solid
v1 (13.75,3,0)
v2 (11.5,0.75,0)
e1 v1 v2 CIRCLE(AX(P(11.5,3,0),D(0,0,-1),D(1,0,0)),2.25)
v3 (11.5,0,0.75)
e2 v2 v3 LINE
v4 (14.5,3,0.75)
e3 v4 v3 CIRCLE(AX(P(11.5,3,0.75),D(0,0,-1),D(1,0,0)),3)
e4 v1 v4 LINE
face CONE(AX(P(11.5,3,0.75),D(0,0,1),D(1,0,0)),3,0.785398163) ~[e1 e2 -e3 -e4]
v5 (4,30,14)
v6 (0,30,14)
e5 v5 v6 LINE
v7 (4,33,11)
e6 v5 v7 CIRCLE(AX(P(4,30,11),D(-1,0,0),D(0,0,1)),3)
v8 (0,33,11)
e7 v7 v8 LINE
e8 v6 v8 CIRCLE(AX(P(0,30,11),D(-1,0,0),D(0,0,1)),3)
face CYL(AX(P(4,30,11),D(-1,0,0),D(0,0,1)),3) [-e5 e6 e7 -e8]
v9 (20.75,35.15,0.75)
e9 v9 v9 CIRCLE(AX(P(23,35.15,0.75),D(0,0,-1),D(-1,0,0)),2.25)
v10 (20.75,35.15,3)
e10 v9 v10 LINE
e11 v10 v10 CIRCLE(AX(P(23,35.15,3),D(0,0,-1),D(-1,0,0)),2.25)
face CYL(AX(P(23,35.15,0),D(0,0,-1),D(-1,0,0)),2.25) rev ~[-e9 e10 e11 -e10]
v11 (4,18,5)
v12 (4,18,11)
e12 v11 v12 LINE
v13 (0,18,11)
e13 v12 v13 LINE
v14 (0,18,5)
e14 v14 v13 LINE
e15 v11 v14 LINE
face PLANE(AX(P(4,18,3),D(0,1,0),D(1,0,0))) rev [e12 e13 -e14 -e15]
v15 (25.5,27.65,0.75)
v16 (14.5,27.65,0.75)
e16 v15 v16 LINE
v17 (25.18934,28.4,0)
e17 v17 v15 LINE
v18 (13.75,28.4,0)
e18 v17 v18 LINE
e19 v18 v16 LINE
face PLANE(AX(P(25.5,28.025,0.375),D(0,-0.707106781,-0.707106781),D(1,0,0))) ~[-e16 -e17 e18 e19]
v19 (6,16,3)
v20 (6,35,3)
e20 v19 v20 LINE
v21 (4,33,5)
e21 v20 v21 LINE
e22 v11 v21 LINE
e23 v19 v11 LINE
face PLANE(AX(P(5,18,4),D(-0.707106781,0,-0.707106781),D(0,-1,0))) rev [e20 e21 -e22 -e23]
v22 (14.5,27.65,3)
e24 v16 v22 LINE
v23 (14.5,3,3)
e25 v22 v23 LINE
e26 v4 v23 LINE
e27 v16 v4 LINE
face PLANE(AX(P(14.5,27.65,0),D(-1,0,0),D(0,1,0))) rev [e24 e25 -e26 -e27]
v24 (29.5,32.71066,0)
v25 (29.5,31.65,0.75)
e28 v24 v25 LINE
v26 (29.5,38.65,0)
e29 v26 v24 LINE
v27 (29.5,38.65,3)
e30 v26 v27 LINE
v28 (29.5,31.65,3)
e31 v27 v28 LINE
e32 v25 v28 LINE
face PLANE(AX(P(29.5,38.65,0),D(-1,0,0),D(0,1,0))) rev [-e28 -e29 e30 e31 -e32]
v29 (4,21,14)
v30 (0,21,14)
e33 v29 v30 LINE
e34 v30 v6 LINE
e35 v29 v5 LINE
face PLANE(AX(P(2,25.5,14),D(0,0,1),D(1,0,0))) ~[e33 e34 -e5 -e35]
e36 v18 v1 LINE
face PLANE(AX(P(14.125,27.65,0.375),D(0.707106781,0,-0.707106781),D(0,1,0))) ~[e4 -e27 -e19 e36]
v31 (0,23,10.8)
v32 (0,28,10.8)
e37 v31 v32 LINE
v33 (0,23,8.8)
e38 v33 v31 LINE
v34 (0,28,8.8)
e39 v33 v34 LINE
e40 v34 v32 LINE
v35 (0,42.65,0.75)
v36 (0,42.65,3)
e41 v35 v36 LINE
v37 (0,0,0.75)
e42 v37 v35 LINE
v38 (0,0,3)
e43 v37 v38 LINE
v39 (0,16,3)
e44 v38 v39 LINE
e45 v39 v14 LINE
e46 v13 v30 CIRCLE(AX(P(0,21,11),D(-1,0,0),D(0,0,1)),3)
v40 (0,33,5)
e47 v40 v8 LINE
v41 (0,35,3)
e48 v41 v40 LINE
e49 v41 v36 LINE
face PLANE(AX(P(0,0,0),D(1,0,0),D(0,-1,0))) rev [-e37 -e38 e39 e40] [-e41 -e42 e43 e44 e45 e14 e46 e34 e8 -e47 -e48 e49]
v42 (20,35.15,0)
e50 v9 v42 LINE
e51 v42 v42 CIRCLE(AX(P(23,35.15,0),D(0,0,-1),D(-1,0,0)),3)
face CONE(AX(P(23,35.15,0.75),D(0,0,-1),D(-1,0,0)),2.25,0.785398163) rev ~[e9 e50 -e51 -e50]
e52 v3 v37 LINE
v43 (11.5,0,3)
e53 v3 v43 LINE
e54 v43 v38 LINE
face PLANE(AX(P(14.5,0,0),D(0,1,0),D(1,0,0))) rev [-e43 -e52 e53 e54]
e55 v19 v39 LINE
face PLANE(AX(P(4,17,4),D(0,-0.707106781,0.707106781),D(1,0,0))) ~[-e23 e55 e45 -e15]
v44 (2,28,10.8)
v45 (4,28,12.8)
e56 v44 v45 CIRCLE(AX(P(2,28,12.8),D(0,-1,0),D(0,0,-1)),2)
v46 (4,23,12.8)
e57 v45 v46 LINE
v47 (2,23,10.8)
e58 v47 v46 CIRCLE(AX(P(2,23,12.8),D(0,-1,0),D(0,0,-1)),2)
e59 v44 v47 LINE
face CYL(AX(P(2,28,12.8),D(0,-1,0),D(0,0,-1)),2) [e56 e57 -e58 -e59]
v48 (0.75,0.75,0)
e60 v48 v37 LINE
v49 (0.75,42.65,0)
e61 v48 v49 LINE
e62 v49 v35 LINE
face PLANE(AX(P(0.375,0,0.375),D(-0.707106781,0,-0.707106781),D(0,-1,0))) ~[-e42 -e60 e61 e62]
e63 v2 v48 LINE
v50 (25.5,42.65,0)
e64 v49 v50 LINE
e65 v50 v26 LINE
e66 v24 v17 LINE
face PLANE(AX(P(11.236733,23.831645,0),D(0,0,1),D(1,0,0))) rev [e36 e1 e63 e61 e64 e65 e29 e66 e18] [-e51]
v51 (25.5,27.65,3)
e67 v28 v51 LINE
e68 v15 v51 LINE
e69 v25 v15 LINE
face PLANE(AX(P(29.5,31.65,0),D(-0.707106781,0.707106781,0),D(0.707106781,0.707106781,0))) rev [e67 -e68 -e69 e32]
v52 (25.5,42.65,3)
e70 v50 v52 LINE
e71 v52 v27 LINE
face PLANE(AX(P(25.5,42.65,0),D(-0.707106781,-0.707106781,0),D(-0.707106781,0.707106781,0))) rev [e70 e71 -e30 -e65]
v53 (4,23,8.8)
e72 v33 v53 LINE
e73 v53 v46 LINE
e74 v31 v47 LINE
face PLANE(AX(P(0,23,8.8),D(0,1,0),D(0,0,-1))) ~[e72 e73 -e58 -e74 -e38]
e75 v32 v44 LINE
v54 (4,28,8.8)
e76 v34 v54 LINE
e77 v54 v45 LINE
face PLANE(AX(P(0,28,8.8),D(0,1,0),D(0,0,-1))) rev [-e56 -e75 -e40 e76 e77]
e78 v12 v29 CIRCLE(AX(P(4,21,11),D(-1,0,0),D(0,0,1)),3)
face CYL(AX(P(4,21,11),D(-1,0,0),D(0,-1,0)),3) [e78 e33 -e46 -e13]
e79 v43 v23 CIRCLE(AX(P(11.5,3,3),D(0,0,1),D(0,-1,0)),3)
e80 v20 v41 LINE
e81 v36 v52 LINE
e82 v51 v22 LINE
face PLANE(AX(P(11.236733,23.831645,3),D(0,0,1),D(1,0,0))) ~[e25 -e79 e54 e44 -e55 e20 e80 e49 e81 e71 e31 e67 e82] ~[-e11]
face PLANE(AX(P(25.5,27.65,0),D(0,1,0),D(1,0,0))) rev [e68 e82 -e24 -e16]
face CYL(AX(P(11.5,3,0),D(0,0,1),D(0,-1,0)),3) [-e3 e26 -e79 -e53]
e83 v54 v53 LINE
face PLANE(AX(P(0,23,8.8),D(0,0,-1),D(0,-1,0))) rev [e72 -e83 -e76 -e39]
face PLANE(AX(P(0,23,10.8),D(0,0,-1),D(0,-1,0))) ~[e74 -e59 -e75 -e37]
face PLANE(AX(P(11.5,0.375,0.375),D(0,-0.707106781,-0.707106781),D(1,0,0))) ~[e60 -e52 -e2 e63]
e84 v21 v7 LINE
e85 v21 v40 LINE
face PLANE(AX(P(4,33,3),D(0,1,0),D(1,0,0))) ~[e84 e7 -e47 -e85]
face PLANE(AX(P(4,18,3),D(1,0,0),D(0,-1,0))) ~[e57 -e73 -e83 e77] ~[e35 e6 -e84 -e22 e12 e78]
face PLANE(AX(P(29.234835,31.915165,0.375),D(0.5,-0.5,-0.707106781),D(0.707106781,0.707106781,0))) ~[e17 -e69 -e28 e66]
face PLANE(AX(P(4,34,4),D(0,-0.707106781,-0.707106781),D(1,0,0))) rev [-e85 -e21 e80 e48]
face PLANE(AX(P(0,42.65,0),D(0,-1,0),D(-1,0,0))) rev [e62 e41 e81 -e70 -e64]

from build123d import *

# Parameters (mm, degrees)
SKETCH_R        = 2.25
PAD_DEPTH       = 3
SKETCH001_W     = 4
SKETCH001_H     = 15
PAD001_DEPTH    = 11
SKETCH002_W     = 5
SKETCH002_H     = 2
POCKET_DEPTH    = 29.501
FILLET_R        = 3
FILLET001_R     = 2
CHAMFER_SIZE    = 0.75
CHAMFER001_SIZE = 2


with BuildPart() as chamfer001:
    # Sketch → Pad (new body)
    with BuildSketch(Plane.XY):
        Polygon((0, 42.65), (-25.5, 42.65), (-29.5, 38.65), (-29.5, 31.65), (-25.5, 27.65), (-14.5, 27.65), (-14.5, 0), (0, 0), align=None)
        with Locations((-23, 35.15)):
            Circle(SKETCH_R, mode=Mode.SUBTRACT)
    extrude(amount=PAD_DEPTH)

    # Sketch001 → Pad001 (new body)
    with BuildSketch(Plane.XY.offset(3)):
        with Locations((-2, 25.5)):
            Rectangle(SKETCH001_W, SKETCH001_H)
    extrude(amount=PAD001_DEPTH)

    # Sketch002 → Pocket (cut, through all)
    with BuildSketch(Plane.YZ):
        with Locations((25.5, 9.8)):
            Rectangle(SKETCH002_W, SKETCH002_H)
    extrude(amount=-POCKET_DEPTH, mode=Mode.SUBTRACT)

    # Fillet
    fillet_edges = [chamfer001.edges().sort_by_distance(p)[0] for p in [
        (-2, 18, 14),
        (-2, 33, 14),
        (-14.5, 0, 1.5),
    ]]
    fillet(fillet_edges, radius=FILLET_R)

    # Fillet001
    fillet001_edges = [chamfer001.edges().sort_by_distance(p)[0] for p in [
        (-4, 25.5, 10.8),
    ]]
    fillet(fillet001_edges, radius=FILLET001_R)

    # Chamfer
    chamfer_edges = [chamfer001.edges().sort_by_distance(p)[0] for p in [
        (0, 21.325, 0),
        (-5.75, 0, 0),
        (-13.62132, 0.87868, 0),
        (-14.5, 15.325, 0),
        (-20, 27.65, 0),
        (-27.5, 29.65, 0),
        (-25.25, 35.15, 0),
    ]]
    chamfer(chamfer_edges, length=CHAMFER_SIZE)

    # Chamfer001
    chamfer001_edges = [chamfer001.edges().sort_by_distance(p)[0] for p in [
        (-2, 18, 3),
        (-4, 25.5, 3),
        (-2, 33, 3),
    ]]
    chamfer(chamfer001_edges, length=CHAMFER001_SIZE)


with BuildPart() as part_mirroring:
    # Part__Mirroring: instance of Chamfer001
    add(chamfer001.part.mirror(Plane(origin=(0, 0, 0), x_dir=(0, -1, 0), z_dir=(1, 0, 0))))


solid = part_mirroring.part
